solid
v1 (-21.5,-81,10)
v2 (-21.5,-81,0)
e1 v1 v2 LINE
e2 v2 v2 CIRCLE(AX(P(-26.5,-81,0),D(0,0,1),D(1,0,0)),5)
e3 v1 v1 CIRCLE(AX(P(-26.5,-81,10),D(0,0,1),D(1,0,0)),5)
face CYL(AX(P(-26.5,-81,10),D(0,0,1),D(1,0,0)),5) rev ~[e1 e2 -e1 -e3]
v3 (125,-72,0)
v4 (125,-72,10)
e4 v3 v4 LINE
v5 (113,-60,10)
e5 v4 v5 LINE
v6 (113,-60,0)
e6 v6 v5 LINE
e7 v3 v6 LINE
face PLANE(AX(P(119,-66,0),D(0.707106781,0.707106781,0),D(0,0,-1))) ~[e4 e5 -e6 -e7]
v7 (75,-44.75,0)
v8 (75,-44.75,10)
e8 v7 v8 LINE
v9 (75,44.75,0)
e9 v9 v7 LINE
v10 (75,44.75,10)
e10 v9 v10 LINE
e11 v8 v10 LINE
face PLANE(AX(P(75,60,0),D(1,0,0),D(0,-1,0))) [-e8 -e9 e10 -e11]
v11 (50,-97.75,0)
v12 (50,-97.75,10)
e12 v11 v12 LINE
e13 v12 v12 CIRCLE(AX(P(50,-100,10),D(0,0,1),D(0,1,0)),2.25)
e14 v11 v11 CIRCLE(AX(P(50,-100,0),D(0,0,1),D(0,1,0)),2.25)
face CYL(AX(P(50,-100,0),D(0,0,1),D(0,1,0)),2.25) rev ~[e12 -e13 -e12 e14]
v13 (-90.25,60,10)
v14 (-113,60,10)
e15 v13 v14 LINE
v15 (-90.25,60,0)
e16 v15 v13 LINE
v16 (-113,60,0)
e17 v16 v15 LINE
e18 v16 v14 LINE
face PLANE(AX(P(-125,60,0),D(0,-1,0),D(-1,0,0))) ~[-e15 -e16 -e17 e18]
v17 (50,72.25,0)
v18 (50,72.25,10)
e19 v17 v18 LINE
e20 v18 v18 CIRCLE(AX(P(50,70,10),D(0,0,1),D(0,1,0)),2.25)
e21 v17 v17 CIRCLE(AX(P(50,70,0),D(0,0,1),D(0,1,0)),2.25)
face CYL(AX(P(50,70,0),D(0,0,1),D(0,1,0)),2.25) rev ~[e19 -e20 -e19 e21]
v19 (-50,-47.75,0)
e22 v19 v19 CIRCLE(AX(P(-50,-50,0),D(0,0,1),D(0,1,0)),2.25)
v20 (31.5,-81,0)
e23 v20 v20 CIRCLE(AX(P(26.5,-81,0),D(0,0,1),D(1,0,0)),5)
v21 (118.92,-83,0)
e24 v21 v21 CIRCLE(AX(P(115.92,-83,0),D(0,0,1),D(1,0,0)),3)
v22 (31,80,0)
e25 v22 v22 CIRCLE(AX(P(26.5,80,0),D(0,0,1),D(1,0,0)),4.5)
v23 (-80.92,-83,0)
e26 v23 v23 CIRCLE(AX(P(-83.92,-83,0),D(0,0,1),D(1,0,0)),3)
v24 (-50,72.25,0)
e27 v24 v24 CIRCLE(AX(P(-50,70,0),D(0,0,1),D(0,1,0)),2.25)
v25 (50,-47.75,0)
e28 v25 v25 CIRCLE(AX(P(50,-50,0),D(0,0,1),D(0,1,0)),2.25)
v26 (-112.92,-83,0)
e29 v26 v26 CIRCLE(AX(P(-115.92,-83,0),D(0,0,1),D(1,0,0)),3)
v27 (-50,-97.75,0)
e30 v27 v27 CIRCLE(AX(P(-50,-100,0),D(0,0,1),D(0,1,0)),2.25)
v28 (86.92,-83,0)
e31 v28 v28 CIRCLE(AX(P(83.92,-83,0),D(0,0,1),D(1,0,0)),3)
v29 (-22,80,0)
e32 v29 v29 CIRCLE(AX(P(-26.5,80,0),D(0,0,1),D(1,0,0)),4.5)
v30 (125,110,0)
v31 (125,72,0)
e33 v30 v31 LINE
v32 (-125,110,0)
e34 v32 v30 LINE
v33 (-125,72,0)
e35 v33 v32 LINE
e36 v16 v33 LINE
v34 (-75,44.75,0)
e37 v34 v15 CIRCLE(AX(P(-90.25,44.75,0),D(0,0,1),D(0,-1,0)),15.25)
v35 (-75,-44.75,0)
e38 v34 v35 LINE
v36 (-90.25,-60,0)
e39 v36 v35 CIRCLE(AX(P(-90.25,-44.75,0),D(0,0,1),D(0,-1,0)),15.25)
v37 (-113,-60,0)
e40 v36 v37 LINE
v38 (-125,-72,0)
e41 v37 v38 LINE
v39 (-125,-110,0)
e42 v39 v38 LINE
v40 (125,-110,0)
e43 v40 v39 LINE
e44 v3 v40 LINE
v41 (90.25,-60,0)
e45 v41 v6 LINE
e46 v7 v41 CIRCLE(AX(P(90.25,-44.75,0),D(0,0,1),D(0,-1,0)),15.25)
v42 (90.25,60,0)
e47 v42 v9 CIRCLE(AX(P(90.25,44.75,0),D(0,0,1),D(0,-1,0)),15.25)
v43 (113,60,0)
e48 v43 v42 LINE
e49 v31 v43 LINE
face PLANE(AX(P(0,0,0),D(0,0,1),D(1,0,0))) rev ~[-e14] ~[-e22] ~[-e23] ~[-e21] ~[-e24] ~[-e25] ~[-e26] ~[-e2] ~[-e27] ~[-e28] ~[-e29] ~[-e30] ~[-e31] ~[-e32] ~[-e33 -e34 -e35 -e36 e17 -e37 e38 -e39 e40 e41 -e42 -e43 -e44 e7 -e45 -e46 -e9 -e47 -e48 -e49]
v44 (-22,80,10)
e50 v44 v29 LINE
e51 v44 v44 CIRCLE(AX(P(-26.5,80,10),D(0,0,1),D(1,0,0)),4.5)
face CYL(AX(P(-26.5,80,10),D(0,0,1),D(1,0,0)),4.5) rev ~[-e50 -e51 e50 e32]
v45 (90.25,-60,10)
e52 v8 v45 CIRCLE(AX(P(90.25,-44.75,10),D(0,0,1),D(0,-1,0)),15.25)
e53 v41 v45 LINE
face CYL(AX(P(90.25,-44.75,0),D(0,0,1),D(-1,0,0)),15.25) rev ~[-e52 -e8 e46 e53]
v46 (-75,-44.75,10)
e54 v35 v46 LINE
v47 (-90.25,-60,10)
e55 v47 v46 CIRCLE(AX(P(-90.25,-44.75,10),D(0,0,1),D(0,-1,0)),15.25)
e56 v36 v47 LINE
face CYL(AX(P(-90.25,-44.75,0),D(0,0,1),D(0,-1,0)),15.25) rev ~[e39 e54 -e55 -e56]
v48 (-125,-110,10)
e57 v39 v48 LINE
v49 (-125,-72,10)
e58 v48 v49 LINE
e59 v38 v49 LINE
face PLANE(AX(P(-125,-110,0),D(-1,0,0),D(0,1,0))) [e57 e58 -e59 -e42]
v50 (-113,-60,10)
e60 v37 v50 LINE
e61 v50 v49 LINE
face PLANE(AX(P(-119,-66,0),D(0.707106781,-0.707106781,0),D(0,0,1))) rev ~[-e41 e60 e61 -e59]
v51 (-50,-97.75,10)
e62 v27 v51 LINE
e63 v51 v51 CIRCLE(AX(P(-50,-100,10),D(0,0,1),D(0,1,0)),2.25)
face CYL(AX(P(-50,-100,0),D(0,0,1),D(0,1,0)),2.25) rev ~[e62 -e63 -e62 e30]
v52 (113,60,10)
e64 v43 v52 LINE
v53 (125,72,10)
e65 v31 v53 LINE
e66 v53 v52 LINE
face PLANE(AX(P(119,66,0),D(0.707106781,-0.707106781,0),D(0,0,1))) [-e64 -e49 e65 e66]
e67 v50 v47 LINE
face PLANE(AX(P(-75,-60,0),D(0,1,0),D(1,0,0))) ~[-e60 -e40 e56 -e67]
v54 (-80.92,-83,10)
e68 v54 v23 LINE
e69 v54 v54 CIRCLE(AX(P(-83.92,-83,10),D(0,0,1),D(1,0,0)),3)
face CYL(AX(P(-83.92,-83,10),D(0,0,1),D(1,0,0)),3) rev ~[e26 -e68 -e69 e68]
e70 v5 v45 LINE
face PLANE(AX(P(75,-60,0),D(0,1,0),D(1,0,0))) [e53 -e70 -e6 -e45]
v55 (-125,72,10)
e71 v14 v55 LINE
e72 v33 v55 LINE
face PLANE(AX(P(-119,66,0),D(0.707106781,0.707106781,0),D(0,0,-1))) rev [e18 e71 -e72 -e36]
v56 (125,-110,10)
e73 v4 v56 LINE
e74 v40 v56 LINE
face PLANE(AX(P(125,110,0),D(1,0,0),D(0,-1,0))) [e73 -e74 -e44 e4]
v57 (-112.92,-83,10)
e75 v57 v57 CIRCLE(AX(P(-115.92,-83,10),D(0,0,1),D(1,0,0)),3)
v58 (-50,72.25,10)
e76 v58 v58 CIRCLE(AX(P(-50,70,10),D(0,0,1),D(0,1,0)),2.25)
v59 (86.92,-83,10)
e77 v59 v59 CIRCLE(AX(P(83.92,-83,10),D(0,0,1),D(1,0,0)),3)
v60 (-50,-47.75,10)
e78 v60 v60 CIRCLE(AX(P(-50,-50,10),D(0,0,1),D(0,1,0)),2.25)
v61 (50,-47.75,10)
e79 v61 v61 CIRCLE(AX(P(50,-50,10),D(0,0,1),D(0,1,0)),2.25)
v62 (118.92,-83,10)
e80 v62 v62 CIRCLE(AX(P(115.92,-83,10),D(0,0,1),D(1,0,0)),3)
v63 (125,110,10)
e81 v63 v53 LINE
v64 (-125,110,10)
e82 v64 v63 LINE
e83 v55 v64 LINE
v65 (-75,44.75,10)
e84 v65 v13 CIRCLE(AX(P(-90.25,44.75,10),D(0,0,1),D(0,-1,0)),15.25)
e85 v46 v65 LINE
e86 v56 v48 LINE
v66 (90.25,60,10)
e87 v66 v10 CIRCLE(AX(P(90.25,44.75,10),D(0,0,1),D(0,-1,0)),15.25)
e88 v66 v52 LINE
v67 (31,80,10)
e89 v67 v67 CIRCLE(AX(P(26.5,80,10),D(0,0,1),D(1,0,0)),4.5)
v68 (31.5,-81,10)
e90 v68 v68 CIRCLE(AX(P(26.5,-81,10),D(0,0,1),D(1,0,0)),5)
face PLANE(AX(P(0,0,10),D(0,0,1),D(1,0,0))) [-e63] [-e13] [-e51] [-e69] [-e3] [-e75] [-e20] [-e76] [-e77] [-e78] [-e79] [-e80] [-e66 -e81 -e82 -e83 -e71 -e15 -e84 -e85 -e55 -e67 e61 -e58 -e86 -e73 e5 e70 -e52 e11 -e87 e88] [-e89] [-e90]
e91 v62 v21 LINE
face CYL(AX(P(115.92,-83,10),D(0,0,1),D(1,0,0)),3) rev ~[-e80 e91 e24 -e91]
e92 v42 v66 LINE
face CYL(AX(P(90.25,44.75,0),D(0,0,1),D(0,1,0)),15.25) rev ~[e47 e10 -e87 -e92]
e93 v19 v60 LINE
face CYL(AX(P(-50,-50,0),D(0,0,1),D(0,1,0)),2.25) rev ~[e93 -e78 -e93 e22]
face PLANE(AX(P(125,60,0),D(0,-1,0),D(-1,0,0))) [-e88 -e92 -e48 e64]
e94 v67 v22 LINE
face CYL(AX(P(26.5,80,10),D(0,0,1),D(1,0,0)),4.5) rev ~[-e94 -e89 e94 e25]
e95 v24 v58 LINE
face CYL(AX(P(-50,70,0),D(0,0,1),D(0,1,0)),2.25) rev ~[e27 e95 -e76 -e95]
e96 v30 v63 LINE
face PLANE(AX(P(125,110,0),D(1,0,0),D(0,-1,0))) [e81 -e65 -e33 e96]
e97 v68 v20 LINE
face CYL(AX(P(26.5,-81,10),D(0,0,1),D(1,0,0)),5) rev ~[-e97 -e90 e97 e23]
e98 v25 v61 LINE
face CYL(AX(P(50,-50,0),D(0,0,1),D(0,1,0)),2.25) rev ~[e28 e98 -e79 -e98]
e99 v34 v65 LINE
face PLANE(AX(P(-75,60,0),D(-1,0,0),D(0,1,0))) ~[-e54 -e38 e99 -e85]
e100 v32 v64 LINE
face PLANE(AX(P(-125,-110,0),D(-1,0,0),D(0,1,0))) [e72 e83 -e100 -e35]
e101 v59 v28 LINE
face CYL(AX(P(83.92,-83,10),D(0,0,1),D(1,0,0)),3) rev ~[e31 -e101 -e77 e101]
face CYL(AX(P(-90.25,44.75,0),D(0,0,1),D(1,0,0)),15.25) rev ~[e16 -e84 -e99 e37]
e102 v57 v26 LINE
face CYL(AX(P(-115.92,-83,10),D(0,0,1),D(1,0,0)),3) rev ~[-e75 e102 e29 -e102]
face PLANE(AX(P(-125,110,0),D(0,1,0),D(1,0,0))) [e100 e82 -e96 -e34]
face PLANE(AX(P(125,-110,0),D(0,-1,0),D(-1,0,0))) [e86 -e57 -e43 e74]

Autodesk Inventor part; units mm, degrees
ref_plane "YZ Plane" through (0, 0, 0) normal (1, 0, 0) x (0, 1, 0)
ref_plane "XZ Plane" through (0, 0, 0) normal (0, 1, 0) x (-1, 0, 0)
ref_plane "XY Plane" through (0, 0, 0) normal (0, 0, 1) x (1, 0, 0)
sketch "Sketch1" plane through (0, 0, 0) normal (0, 0, 1) x (1, 0, 0)
  line L0 (-125, -110) -> (-125, 110)
  line L1 (-125, 110) -> (125, 110)
  line L2 (125, 110) -> (125, -110)
  line L3 (125, -110) -> (-125, -110)
  line L4 (-125, -110) -> (125, 110) construction
  line L5 (-125, 110) -> (125, -110) construction
  point P0 (0, 0)
  dimension "d0" = 220
  dimension "d1" = 250
extrude "Extrusion1" add sketch "Sketch1" along normal blind 10
sketch "Sketch2" plane through (0, 0, 0) normal (0, 0, -1) x (-1, 0, 0)
  line L0 (50, 100) -> (-50, 100)
  line L1 (-50, 100) -> (-50, -100)
  line L2 (-50, -100) -> (50, -100)
  line L3 (50, -100) -> (50, 100)
  line L4 (50, 100) -> (-50, -100) construction
  line L5 (-50, 100) -> (50, -100) construction
  line L6 (-125, -110) -> (-125, 110) projected
  line L7 (125, -110) -> (-125, -110) projected
  point P0 (0, 0)
  point P1 (50, -50)
  point P2 (50, 70)
  point P3 (-50, -50)
  point P4 (-50, 70)
  dimension "d4" = 75
  dimension "d5" = 10
  dimension "d6" = 50
  dimension "d7" = 30
hole "Hole1" at (-50, -50, 0) at (-50, 70, 0) at (50, -50, 0) at (50, 70, 0) at (50, -100, 0) at (-50, -100, 0) direction (0, 0, 1) diameter 4.5 end through all
sketch "Sketch3" plane through (0, 0, 10) normal (0, 0, 1) x (1, 0, 0)
  line L0 (109.42, -76) -> (119.92, -76) projected
  line L1 (109.42, -76) -> (109.42, -90) projected
  line L2 (109.42, -90) -> (119.92, -90) projected
  line L3 (119.92, -90) -> (119.92, -76) projected
  circle A0 centre (115.92, -83) radius 3 projected
  line L4 (79.92, -90) -> (90.42, -90) projected
  line L5 (90.42, -90) -> (90.42, -76) projected
  line L6 (79.92, -76) -> (90.42, -76) projected
  line L7 (79.92, -76) -> (79.92, -90) projected
  circle A1 centre (83.92, -83) radius 3 projected
  line L8 (34, -69) -> (34, -93) projected
  line L9 (18, -69) -> (34, -69) projected
  line L10 (18, -93) -> (18, -69) projected
  line L11 (34, -93) -> (18, -93) projected
  circle A2 centre (26.5, -81) radius 5 projected
  circle A3 centre (-26.5, -81) radius 5 projected
  line L12 (-34, -93) -> (-34, -69) projected
  line L13 (-18, -93) -> (-34, -93) projected
  line L14 (-18, -93) -> (-18, -69) projected
  line L15 (-34, -69) -> (-18, -69) projected
  circle A4 centre (-26.5, -81) radius 5 projected
  line L16 (-79.92, -76) -> (-90.42, -76) projected
  line L17 (-90.42, -76) -> (-90.42, -90) projected
  line L18 (-79.92, -90) -> (-90.42, -90) projected
  line L19 (-79.92, -90) -> (-79.92, -76) projected
  circle A5 centre (-83.92, -83) radius 3 projected
  line L20 (-109.42, -90) -> (-119.92, -90) projected
  line L21 (-109.42, -90) -> (-109.42, -76) projected
  line L22 (-109.42, -76) -> (-119.92, -76) projected
  line L23 (-119.92, -76) -> (-119.92, -90) projected
  circle A6 centre (-115.92, -83) radius 3 projected
  line L24 (-34, 70) -> (-34, 90) projected
  line L25 (-18, 70) -> (-34, 70) projected
  line L26 (-18, 90) -> (-18, 70) projected
  line L27 (-34, 90) -> (-18, 90) projected
  circle A7 centre (-26.5, 80) radius 4.5 projected
  line L28 (34, 90) -> (34, 70) projected
  line L29 (18, 90) -> (34, 90) projected
  line L30 (18, 90) -> (18, 70) projected
  line L31 (34, 70) -> (18, 70) projected
  circle A8 centre (26.5, 80) radius 4.5 projected
  point P0 (0, 0)
extrude "Extrusion2" cut sketch "Sketch3" against normal blind 10 contours A0 | A1 | A2 | A3 | A5 | A6 | A7 | A8
sketch "Sketch4" plane through (0, 0, 0) normal (0, 0, -1) x (-1, 0, 0)
  circle A0 centre (-83.92, -83) radius 3 projected
  circle A1 centre (115.92, -83) radius 3 projected
  circle A2 centre (26.5, 80) radius 4.5 projected
  circle A3 centre (-26.5, -81) radius 5 projected
  circle A4 centre (-115.92, -83) radius 3 projected
  circle A5 centre (83.92, -83) radius 3 projected
  circle A6 centre (-26.5, 80) radius 4.5 projected
  circle A7 centre (26.5, -81) radius 5 projected
  circle A8 centre (-50, -100) radius 2.25 projected
  circle A9 centre (-50, -50) radius 2.25 projected
  circle A10 centre (50, -50) radius 2.25 projected
  circle A11 centre (50, 70) radius 2.25 projected
  circle A12 centre (-50, 70) radius 2.25 projected
  circle A13 centre (50, -100) radius 2.25 projected
  line L0 (-125, -110) -> (-125, 110) projected
  line L1 (125, -110) -> (-125, -110) projected
  line L2 (125, 110) -> (125, -110) projected
  line L3 (-125, 110) -> (125, 110) projected
  line L4 (-175, 60) -> (-75, 60)
  line L5 (-75, 60) -> (-75, -60)
  line L6 (-75, -60) -> (-175, -60)
  line L7 (-175, -60) -> (-175, 60)
  line L8 (-125, -110) -> (-125, 110) projected
  line L9 (-175, 60) -> (-75, -60) construction
  line L10 (-75, 60) -> (-175, -60) construction
  point P0 (0, 0)
  point P1 (-125, 0)
  point P2 (-125, 60)
  point P3 (-125, -60)
  dimension "d17" = 100
  dimension "d18" = 120
extrude "Extrusion3" cut sketch "Sketch4" against normal blind 67.5 contours L0 L4 L5 L6
mirror "Mirror1" about plane through (0, 0, 0) normal (1, 0, 0) of "Extrusion3"
fillet "Fillet1" radius 15.25 4 edges at (75, -60, 5) (75, 60, 5) (-75, -60, 5) (-75, 60, 5)
chamfer "Chamfer1" distance 12 angle 45 4 edges at (125, -60, 5) (125, 60, 5) (-125, 60, 5) (-125, -60, 5)
properties part number "08_Tam_truc_Z" material "Stainless Steel, Austenitic"
